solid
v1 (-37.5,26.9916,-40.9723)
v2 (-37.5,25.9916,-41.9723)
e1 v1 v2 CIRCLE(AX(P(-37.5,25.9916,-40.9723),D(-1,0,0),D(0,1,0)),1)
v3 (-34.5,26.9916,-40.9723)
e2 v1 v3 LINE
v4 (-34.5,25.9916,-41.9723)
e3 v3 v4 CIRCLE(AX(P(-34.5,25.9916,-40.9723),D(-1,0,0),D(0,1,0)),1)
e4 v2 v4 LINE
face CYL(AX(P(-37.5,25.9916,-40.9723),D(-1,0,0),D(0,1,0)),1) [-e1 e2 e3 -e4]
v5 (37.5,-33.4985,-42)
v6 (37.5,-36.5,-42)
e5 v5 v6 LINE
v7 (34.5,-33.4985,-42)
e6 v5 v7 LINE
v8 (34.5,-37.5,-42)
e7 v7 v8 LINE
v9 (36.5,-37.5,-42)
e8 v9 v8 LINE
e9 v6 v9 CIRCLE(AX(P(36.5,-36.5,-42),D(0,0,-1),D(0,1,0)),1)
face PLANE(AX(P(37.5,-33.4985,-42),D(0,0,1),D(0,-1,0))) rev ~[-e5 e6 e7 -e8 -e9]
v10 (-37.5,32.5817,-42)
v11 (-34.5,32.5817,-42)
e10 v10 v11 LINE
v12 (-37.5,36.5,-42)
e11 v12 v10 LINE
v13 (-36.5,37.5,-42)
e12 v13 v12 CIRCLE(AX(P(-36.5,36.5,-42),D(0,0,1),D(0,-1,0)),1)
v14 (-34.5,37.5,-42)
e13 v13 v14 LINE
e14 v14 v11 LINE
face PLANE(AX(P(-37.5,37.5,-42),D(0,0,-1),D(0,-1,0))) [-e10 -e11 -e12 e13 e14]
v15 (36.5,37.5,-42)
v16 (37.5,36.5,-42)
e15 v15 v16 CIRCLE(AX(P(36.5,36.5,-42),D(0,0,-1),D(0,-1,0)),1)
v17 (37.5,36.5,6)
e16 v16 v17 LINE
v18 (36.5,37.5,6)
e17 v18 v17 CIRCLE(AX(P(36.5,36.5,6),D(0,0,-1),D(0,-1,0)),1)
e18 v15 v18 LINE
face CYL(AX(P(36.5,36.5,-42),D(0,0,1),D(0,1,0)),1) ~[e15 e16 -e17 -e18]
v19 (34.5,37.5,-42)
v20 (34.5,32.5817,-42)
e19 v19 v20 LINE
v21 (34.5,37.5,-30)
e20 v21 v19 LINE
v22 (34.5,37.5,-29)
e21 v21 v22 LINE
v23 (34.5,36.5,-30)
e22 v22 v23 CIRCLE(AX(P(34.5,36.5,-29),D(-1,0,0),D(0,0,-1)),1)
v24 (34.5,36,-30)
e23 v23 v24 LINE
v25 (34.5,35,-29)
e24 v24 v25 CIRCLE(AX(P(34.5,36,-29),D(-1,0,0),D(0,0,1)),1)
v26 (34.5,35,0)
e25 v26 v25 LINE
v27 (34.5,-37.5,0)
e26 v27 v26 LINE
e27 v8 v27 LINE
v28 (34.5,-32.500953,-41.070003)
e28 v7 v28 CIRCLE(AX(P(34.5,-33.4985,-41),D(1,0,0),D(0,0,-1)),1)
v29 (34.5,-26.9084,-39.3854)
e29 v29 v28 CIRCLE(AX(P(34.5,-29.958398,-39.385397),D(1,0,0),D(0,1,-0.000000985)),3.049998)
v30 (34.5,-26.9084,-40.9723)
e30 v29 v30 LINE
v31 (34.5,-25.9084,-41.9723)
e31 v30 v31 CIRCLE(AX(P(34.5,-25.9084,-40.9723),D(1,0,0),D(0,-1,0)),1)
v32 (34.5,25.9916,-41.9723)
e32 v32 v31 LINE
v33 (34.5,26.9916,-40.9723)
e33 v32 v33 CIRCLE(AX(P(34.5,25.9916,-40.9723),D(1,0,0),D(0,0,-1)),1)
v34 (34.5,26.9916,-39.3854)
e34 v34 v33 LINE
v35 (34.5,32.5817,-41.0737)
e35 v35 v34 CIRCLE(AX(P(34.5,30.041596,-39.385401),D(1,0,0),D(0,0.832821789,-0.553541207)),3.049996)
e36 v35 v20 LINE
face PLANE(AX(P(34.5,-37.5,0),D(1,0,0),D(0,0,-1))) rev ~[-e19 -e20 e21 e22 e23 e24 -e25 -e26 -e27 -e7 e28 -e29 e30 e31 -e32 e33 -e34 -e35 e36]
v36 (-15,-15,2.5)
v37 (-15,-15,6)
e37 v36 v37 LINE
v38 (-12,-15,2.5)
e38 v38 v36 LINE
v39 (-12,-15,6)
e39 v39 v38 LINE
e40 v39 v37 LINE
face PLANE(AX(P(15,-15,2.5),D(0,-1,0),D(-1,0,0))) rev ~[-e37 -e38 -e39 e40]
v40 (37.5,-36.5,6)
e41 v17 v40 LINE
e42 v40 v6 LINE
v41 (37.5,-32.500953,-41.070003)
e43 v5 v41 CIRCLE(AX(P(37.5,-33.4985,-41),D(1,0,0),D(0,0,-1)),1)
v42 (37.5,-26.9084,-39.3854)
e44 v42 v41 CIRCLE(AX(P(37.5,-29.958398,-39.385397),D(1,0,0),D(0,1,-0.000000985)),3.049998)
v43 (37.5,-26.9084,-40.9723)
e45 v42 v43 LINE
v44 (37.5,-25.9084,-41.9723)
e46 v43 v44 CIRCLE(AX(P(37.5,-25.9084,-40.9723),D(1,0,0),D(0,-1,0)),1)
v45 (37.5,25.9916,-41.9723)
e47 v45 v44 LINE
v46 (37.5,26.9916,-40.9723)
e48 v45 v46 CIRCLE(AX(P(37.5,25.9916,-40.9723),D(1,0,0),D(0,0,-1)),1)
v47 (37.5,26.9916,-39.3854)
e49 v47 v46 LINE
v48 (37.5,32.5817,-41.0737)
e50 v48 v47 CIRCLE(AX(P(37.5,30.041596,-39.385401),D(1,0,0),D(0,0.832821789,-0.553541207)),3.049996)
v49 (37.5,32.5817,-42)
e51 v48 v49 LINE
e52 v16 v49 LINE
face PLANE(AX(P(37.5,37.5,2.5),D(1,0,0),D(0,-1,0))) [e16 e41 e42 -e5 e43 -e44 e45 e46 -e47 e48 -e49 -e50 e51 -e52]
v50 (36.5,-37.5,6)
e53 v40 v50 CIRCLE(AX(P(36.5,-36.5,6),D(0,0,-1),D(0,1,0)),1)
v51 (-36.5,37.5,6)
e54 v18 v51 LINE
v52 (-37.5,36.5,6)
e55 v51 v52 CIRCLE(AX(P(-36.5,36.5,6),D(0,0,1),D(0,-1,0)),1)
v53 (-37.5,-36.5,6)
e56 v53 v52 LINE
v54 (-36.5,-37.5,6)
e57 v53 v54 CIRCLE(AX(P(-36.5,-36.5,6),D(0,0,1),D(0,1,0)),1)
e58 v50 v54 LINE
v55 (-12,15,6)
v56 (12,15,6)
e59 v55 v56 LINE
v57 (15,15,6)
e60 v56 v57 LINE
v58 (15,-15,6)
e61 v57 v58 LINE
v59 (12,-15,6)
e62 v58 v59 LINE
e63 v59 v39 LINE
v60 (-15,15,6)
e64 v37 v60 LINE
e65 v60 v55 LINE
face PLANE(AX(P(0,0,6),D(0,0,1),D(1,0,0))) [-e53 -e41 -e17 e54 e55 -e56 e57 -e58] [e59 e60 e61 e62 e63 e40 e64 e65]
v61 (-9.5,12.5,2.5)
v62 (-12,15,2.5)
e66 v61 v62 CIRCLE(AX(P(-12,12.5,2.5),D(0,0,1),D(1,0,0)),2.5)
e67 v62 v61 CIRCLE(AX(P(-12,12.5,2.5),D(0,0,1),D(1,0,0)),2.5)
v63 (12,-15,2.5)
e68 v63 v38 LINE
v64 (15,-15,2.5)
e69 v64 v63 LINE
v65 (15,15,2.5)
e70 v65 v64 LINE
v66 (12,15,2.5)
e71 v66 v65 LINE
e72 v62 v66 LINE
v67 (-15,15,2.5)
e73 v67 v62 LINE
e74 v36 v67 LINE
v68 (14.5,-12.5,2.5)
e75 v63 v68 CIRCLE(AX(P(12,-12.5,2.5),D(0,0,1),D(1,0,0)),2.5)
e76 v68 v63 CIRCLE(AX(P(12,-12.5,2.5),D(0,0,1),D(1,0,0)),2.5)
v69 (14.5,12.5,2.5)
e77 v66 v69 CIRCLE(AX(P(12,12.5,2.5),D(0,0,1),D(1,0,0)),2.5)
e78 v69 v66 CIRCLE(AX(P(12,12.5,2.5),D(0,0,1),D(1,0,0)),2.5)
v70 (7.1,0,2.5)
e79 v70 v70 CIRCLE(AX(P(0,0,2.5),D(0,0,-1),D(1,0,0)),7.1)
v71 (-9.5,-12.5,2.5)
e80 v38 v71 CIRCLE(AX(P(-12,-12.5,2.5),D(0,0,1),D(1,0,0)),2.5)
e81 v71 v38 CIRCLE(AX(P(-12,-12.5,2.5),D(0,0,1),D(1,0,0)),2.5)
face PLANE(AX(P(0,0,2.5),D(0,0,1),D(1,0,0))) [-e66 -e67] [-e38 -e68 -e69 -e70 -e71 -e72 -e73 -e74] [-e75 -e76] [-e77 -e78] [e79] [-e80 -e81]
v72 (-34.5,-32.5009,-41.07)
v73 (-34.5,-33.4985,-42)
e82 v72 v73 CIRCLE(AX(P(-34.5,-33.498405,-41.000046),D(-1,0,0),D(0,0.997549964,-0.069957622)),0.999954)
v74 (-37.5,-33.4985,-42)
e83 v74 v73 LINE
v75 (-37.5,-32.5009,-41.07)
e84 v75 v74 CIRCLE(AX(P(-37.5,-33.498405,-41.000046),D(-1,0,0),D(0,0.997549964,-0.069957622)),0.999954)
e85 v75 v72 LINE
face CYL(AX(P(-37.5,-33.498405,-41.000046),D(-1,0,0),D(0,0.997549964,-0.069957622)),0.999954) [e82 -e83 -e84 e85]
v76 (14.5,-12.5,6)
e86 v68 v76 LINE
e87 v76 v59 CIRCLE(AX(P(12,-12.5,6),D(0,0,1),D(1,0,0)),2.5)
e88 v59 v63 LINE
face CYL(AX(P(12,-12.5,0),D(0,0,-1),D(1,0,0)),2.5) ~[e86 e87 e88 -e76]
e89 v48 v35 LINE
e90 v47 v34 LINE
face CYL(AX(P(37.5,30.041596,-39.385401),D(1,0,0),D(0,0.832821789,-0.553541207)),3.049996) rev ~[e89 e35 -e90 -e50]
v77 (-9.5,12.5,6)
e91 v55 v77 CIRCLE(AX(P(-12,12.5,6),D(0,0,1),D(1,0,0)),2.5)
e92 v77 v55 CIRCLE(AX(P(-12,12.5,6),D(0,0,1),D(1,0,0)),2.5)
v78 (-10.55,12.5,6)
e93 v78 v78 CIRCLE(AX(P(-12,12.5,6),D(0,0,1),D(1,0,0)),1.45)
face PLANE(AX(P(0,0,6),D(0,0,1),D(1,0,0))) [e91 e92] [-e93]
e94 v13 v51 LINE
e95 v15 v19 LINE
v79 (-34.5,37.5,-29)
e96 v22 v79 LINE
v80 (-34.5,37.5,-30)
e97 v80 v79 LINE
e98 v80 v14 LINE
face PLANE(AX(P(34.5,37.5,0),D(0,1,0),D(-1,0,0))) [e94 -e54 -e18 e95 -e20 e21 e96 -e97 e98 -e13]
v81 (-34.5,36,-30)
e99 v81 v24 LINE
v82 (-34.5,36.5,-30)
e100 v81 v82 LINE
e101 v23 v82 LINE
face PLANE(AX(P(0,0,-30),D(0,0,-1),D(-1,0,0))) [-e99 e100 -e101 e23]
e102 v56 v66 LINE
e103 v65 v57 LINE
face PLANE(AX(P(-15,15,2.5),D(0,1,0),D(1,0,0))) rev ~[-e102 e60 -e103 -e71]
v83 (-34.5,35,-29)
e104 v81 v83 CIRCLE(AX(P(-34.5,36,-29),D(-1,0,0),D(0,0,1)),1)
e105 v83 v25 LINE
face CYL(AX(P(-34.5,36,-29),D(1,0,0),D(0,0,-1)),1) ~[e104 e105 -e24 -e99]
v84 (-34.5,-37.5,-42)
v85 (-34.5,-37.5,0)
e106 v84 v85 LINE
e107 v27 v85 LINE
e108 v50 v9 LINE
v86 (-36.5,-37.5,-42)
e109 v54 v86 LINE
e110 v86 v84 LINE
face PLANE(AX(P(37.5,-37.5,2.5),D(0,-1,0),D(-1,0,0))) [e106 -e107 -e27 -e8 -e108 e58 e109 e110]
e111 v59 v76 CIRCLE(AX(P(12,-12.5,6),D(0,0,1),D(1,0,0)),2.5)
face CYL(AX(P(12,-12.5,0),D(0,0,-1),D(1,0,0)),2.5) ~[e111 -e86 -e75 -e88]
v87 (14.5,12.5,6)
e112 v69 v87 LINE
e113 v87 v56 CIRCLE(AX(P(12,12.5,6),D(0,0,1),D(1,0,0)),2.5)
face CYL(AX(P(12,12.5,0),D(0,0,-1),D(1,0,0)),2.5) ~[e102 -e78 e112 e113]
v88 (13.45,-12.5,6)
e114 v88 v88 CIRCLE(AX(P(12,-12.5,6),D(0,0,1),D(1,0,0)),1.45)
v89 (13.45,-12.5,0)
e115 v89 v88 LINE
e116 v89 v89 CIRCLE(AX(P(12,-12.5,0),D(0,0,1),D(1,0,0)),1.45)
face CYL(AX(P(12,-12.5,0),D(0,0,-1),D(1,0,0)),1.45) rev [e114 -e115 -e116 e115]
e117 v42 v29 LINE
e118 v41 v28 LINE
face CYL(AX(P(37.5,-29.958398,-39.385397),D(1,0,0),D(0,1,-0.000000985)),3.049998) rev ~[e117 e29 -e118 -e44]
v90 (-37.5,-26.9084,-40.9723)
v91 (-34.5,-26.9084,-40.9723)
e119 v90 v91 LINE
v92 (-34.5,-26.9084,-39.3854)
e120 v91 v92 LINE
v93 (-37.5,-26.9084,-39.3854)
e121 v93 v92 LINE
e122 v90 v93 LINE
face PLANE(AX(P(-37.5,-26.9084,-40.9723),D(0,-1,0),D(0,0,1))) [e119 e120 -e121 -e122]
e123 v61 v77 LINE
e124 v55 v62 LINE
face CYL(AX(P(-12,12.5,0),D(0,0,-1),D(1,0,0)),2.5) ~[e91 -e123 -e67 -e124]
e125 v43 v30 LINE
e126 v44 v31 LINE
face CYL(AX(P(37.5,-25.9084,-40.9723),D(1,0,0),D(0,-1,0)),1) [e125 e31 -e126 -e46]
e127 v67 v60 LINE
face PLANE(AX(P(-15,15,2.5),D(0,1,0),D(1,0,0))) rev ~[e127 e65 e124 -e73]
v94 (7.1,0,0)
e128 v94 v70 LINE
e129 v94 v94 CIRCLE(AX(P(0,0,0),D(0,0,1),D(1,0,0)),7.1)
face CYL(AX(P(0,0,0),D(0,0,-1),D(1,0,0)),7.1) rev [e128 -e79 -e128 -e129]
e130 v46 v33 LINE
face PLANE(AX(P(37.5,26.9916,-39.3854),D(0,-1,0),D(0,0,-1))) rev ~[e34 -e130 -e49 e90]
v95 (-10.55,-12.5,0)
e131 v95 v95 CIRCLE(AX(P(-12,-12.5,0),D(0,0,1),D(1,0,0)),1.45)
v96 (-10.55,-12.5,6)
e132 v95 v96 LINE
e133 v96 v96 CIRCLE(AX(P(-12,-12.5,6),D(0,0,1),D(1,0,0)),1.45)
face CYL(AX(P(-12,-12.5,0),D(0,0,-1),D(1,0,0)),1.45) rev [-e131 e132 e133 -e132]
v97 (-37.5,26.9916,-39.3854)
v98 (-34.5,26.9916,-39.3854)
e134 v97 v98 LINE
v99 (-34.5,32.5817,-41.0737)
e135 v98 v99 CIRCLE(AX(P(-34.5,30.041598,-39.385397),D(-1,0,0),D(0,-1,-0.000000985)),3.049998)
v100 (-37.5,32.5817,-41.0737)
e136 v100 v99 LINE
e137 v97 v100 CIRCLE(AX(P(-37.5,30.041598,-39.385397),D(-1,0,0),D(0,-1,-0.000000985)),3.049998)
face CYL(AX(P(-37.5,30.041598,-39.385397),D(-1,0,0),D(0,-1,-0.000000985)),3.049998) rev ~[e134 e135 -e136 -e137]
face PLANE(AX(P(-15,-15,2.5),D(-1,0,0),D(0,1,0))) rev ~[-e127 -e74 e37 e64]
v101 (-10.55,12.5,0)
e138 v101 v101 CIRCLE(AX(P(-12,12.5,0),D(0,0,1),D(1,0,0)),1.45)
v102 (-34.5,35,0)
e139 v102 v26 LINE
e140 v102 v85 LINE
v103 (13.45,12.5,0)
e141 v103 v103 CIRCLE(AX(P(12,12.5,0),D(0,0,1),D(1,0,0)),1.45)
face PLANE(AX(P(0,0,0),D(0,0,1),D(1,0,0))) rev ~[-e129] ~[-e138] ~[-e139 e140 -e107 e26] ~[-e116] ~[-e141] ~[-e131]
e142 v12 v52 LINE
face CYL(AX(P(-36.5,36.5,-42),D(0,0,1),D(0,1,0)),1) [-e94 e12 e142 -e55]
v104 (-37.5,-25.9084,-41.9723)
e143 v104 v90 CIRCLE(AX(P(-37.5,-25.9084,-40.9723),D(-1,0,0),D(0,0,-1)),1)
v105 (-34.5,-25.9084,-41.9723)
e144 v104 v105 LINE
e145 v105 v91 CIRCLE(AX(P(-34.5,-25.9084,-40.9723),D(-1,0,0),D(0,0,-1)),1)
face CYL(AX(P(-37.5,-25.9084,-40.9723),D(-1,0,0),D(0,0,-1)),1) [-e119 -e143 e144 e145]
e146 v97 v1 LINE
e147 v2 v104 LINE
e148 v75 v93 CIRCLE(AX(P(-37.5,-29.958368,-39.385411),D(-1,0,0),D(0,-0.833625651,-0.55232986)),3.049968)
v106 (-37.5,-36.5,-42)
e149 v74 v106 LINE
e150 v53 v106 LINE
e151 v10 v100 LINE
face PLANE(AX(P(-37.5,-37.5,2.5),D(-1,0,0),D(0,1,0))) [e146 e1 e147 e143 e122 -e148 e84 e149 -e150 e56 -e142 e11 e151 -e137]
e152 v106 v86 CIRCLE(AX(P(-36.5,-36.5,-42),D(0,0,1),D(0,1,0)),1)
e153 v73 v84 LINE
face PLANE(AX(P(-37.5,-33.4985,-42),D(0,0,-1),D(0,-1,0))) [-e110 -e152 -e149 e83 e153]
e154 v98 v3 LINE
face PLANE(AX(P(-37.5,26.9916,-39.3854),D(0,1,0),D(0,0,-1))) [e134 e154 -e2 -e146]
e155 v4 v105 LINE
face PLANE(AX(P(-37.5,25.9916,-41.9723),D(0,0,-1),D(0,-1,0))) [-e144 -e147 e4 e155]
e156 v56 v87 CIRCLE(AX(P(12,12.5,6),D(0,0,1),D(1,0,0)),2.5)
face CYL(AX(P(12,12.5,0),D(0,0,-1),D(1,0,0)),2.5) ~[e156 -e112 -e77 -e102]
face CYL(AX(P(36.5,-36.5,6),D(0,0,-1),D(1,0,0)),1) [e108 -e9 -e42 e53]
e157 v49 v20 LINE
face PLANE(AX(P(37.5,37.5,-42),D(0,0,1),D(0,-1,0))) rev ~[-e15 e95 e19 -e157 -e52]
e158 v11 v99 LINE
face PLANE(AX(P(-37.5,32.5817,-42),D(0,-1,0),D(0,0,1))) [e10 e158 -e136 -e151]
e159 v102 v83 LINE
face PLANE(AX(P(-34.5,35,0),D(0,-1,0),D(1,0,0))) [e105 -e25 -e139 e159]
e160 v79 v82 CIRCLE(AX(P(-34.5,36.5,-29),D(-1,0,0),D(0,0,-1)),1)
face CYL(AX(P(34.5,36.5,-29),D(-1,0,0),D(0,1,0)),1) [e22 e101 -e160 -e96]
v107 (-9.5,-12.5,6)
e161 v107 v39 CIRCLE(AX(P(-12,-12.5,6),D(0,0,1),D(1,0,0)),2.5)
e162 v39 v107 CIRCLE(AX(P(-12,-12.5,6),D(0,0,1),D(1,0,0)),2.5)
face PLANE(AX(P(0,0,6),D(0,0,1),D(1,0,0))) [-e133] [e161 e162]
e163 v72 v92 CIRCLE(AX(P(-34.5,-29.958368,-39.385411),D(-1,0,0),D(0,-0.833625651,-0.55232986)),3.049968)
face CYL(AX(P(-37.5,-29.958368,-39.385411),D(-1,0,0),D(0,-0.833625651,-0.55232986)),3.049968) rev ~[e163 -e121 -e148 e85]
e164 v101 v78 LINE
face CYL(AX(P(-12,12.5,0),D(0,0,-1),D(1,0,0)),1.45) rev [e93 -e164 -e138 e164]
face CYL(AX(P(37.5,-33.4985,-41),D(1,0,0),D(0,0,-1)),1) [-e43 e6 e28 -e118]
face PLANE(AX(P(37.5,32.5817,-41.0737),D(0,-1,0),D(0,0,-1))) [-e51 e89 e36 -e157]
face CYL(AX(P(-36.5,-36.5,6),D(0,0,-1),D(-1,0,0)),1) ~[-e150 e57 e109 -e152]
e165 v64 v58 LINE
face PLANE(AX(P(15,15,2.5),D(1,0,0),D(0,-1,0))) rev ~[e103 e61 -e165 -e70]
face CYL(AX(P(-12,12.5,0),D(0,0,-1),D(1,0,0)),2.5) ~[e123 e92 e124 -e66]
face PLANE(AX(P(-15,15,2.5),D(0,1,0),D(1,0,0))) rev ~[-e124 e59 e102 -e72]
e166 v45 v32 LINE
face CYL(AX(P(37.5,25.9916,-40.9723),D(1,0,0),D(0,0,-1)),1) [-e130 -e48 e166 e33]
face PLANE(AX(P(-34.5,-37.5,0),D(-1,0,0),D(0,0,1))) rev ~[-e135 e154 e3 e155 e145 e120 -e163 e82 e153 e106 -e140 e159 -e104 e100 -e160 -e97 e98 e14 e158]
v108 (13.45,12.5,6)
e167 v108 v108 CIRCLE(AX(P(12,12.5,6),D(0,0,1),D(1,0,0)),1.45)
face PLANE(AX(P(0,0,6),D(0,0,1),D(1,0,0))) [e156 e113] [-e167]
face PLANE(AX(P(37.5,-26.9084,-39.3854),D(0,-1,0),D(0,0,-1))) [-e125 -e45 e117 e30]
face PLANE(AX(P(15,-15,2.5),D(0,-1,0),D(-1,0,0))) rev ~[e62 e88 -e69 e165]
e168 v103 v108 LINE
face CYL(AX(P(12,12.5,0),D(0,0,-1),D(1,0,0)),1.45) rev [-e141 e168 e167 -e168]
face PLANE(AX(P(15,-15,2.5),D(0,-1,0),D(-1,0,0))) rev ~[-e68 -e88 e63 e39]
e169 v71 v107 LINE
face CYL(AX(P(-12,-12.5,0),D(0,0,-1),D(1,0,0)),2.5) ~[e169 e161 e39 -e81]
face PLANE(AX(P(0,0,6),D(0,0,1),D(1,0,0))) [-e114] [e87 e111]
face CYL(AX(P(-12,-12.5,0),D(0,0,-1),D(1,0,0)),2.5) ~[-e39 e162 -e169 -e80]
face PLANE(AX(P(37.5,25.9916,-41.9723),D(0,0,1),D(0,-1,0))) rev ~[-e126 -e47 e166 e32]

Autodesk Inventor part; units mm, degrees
ref_plane "YZ Plane" through (0, 0, 0) normal (1, 0, 0) x (0, 1, 0)
ref_plane "XZ Plane" through (0, 0, 0) normal (0, 1, 0) x (-1, 0, 0)
ref_plane "XY Plane" through (0, 0, 0) normal (0, 0, 1) x (1, 0, 0)
sketch "Sketch1" plane through (0, 0, 0) normal (0, 0, 1) x (1, 0, 0)
  line L0 (37.5, -37.5) -> (-37.5, -37.5)
  line L1 (-37.5, -37.5) -> (-37.5, 37.5)
  line L2 (-37.5, 37.5) -> (37.5, 37.5)
  line L3 (37.5, 37.5) -> (37.5, -37.5)
  line L4 (37.5, -37.5) -> (-37.5, 37.5) construction
  line L5 (-37.5, -37.5) -> (37.5, 37.5) construction
  circle A0 centre (0, 0) radius 7.1
  circle A1 centre (-12, 12.5) radius 2.5
  circle A2 centre (-12, 12.5) radius 1.45
  line L6 (0, 2.5789) -> (0, -2.8298)
  line L7 (-2.79, 0) -> (3.5689, 0)
  circle A3 centre (12, 12.5) radius 2.5
  circle A4 centre (12, 12.5) radius 1.45
  circle A5 centre (-12, -12.5) radius 2.5
  circle A6 centre (-12, -12.5) radius 1.45
  circle A7 centre (12, -12.5) radius 2.5
  circle A8 centre (12, -12.5) radius 1.45
  line L8 (-52.5, 0) -> (52.5, 0) projected
  dimension "d0" = 75
  dimension "d1" = 75
  dimension "d2" = 14.2
  dimension "d3" = 5
  dimension "d4" = 2.9
  dimension "d7" = 24
  dimension "d10" = 25
extrude "Extrusion1" add sketch "Sketch1" along normal blind 2.5 contours L0 L1 L8 A0 L3 | L8 A0 L1 L2 L3
extrude "Extrusion2" add sketch "Sketch1" along normal blind 6 contours A1 | A3 | A5 | A7
sketch "Sketch2" plane through (37.5, -37.5, 0) normal (1, 0, 0) x (0, 0, -1)
  line L0 (0, -0.0252) -> (0, 75)
  arc A0 (41.0737, 70.0817) -> (39.3854, 64.4916) centre (39.3854, 67.5416) ccw
  arc A1 (39.3854, 10.5916) -> (41.0737, 5.0015) centre (39.3854, 7.5416) ccw
  line L1 (13.8443, 37.5416) -> (29.6757, 37.5416)
  line L2 (0, 75) -> (42, 75)
  line L3 (42, 0) -> (0, 0)
  line L4 (0, 0) -> (0, 75)
  line L5 (39.3854, 64.4916) -> (40.9723, 64.4916)
  line L6 (39.3854, 10.5916) -> (40.9723, 10.5916)
  line L7 (41.0737, 5.0015) -> (41, 5.0015)
  line L8 (41.0737, 70.0817) -> (42, 70.0817)
  line L9 (42, 75) -> (42, 70.0817)
  line L10 (41.9723, 63.4916) -> (41.9723, 11.5916)
  line L11 (42, 4.0015) -> (42, 0)
  arc A2 (41.9723, 63.4916) -> (40.9723, 64.4916) centre (40.9723, 63.4916) ccw
  arc A3 (40.9723, 10.5916) -> (41.9723, 11.5916) centre (40.9723, 11.5916) ccw
  arc A4 (42, 4.0015) -> (41, 5.0015) centre (41, 4.0015) ccw
  point P0 (0, 37.5)
  point P1 (42, 5.0015)
  point P2 (41.07, 4.9991)
  dimension "d18" = 6.1
  dimension "d19" = 6.1
  dimension "d20" = 60
  dimension "d21" = 42
  dimension "d22" = 1
  dimension "d31" = 1
extrude "Extrusion3" add sketch "Sketch2" against normal blind 3 contours L0 L2 L9 L8 A0 L5 A2 L10 A3 L6 A1 A4 L11 L3
sketch "Sketch3" plane through (-37.5, -37.5, 0) normal (-1, 0, 0) x (0, 0, 1)
  line L0 (-42, 4.0015) -> (-42, 0) projected
  line L1 (-42, 0) -> (0, 0) projected
  line L2 (0, 75) -> (0, 0) projected
  line L3 (0, 75) -> (-42, 75) projected
  line L4 (-42, 75) -> (-42, 70.0817) projected
  line L5 (-42, 70.0817) -> (-41.0737, 70.0817) projected
  arc A0 (-39.3854, 64.4916) -> (-41.0737, 70.0817) centre (-39.3854, 67.5416) ccw projected
  line L6 (-39.3854, 64.4916) -> (-40.9723, 64.4916) projected
  arc A1 (-40.9723, 64.4916) -> (-41.9723, 63.4916) centre (-40.9723, 63.4916) ccw projected
  line L7 (-41.9723, 63.4916) -> (-41.9723, 11.5916) projected
  arc A2 (-41.9723, 11.5916) -> (-40.9723, 10.5916) centre (-40.9723, 11.5916) ccw projected
  line L8 (-40.9723, 10.5916) -> (-39.3854, 10.5916) projected
  arc A3 (-41.07, 4.9991) -> (-39.3854, 10.5916) centre (-39.3854, 7.5416) ccw projected
  arc A4 (-41.07, 4.9991) -> (-42, 4.0015) centre (-41, 4.0015) ccw projected
  point P0 (0, 37.5)
extrude "Extrusion4" add sketch "Sketch3" against normal blind 3
sketch "Sketch4" plane through (0, 0, 2.5) normal (0, 0, 1) x (1, 0, 0)
  line L0 (15, -15) -> (-15, -15)
  line L1 (-15, -15) -> (-15, 15)
  line L2 (-15, 15) -> (15, 15)
  line L3 (15, 15) -> (15, -15)
  line L4 (15, -15) -> (-15, 15) construction
  line L5 (-15, -15) -> (15, 15) construction
  line L6 (37.5, 37.5) -> (-37.5, 37.5) projected
  line L7 (-37.5, 37.5) -> (37.5, 37.5)
  line L8 (37.5, 37.5) -> (37.5, -37.5)
  line L9 (37.5, -37.5) -> (-37.5, -37.5)
  line L10 (-37.5, -37.5) -> (-37.5, 37.5)
  point P0 (0, 0)
  dimension "d27" = 30
  dimension "d28" = 30
extrude "Extrusion5" add sketch "Sketch4" along normal up to surface (3.5 mm away)
sketch "Sketch5" plane through (0, 0, 0) normal (0, 0, -1) x (-1, 0, 0)
  line L0 (-34.5, 37.5) -> (-34.5, 32.5817) projected
  line L1 (34.5, 32.5817) -> (34.5, 37.5) projected
  line L2 (-34.5, 37.5) -> (34.5, 37.5)
  line L3 (34.5, 37.5) -> (34.5, 35)
  line L4 (34.5, 35) -> (-34.5, 35)
  line L5 (-34.5, 35) -> (-34.5, 37.5)
  point P0 (0, 0)
  dimension "d32" = 2.5
extrude "Extrusion6" add sketch "Sketch5" along normal blind 30
fillet "Fillet2" radius 1 6 edges at (37.5, 37.5, -18) (-37.5, 37.5, -18) (37.5, -37.5, -18) (0, 37.5, -30) (0, 35, -30) (-37.5, -37.5, -18)
properties part number "W(75mm)-camera(FIT0701)"
